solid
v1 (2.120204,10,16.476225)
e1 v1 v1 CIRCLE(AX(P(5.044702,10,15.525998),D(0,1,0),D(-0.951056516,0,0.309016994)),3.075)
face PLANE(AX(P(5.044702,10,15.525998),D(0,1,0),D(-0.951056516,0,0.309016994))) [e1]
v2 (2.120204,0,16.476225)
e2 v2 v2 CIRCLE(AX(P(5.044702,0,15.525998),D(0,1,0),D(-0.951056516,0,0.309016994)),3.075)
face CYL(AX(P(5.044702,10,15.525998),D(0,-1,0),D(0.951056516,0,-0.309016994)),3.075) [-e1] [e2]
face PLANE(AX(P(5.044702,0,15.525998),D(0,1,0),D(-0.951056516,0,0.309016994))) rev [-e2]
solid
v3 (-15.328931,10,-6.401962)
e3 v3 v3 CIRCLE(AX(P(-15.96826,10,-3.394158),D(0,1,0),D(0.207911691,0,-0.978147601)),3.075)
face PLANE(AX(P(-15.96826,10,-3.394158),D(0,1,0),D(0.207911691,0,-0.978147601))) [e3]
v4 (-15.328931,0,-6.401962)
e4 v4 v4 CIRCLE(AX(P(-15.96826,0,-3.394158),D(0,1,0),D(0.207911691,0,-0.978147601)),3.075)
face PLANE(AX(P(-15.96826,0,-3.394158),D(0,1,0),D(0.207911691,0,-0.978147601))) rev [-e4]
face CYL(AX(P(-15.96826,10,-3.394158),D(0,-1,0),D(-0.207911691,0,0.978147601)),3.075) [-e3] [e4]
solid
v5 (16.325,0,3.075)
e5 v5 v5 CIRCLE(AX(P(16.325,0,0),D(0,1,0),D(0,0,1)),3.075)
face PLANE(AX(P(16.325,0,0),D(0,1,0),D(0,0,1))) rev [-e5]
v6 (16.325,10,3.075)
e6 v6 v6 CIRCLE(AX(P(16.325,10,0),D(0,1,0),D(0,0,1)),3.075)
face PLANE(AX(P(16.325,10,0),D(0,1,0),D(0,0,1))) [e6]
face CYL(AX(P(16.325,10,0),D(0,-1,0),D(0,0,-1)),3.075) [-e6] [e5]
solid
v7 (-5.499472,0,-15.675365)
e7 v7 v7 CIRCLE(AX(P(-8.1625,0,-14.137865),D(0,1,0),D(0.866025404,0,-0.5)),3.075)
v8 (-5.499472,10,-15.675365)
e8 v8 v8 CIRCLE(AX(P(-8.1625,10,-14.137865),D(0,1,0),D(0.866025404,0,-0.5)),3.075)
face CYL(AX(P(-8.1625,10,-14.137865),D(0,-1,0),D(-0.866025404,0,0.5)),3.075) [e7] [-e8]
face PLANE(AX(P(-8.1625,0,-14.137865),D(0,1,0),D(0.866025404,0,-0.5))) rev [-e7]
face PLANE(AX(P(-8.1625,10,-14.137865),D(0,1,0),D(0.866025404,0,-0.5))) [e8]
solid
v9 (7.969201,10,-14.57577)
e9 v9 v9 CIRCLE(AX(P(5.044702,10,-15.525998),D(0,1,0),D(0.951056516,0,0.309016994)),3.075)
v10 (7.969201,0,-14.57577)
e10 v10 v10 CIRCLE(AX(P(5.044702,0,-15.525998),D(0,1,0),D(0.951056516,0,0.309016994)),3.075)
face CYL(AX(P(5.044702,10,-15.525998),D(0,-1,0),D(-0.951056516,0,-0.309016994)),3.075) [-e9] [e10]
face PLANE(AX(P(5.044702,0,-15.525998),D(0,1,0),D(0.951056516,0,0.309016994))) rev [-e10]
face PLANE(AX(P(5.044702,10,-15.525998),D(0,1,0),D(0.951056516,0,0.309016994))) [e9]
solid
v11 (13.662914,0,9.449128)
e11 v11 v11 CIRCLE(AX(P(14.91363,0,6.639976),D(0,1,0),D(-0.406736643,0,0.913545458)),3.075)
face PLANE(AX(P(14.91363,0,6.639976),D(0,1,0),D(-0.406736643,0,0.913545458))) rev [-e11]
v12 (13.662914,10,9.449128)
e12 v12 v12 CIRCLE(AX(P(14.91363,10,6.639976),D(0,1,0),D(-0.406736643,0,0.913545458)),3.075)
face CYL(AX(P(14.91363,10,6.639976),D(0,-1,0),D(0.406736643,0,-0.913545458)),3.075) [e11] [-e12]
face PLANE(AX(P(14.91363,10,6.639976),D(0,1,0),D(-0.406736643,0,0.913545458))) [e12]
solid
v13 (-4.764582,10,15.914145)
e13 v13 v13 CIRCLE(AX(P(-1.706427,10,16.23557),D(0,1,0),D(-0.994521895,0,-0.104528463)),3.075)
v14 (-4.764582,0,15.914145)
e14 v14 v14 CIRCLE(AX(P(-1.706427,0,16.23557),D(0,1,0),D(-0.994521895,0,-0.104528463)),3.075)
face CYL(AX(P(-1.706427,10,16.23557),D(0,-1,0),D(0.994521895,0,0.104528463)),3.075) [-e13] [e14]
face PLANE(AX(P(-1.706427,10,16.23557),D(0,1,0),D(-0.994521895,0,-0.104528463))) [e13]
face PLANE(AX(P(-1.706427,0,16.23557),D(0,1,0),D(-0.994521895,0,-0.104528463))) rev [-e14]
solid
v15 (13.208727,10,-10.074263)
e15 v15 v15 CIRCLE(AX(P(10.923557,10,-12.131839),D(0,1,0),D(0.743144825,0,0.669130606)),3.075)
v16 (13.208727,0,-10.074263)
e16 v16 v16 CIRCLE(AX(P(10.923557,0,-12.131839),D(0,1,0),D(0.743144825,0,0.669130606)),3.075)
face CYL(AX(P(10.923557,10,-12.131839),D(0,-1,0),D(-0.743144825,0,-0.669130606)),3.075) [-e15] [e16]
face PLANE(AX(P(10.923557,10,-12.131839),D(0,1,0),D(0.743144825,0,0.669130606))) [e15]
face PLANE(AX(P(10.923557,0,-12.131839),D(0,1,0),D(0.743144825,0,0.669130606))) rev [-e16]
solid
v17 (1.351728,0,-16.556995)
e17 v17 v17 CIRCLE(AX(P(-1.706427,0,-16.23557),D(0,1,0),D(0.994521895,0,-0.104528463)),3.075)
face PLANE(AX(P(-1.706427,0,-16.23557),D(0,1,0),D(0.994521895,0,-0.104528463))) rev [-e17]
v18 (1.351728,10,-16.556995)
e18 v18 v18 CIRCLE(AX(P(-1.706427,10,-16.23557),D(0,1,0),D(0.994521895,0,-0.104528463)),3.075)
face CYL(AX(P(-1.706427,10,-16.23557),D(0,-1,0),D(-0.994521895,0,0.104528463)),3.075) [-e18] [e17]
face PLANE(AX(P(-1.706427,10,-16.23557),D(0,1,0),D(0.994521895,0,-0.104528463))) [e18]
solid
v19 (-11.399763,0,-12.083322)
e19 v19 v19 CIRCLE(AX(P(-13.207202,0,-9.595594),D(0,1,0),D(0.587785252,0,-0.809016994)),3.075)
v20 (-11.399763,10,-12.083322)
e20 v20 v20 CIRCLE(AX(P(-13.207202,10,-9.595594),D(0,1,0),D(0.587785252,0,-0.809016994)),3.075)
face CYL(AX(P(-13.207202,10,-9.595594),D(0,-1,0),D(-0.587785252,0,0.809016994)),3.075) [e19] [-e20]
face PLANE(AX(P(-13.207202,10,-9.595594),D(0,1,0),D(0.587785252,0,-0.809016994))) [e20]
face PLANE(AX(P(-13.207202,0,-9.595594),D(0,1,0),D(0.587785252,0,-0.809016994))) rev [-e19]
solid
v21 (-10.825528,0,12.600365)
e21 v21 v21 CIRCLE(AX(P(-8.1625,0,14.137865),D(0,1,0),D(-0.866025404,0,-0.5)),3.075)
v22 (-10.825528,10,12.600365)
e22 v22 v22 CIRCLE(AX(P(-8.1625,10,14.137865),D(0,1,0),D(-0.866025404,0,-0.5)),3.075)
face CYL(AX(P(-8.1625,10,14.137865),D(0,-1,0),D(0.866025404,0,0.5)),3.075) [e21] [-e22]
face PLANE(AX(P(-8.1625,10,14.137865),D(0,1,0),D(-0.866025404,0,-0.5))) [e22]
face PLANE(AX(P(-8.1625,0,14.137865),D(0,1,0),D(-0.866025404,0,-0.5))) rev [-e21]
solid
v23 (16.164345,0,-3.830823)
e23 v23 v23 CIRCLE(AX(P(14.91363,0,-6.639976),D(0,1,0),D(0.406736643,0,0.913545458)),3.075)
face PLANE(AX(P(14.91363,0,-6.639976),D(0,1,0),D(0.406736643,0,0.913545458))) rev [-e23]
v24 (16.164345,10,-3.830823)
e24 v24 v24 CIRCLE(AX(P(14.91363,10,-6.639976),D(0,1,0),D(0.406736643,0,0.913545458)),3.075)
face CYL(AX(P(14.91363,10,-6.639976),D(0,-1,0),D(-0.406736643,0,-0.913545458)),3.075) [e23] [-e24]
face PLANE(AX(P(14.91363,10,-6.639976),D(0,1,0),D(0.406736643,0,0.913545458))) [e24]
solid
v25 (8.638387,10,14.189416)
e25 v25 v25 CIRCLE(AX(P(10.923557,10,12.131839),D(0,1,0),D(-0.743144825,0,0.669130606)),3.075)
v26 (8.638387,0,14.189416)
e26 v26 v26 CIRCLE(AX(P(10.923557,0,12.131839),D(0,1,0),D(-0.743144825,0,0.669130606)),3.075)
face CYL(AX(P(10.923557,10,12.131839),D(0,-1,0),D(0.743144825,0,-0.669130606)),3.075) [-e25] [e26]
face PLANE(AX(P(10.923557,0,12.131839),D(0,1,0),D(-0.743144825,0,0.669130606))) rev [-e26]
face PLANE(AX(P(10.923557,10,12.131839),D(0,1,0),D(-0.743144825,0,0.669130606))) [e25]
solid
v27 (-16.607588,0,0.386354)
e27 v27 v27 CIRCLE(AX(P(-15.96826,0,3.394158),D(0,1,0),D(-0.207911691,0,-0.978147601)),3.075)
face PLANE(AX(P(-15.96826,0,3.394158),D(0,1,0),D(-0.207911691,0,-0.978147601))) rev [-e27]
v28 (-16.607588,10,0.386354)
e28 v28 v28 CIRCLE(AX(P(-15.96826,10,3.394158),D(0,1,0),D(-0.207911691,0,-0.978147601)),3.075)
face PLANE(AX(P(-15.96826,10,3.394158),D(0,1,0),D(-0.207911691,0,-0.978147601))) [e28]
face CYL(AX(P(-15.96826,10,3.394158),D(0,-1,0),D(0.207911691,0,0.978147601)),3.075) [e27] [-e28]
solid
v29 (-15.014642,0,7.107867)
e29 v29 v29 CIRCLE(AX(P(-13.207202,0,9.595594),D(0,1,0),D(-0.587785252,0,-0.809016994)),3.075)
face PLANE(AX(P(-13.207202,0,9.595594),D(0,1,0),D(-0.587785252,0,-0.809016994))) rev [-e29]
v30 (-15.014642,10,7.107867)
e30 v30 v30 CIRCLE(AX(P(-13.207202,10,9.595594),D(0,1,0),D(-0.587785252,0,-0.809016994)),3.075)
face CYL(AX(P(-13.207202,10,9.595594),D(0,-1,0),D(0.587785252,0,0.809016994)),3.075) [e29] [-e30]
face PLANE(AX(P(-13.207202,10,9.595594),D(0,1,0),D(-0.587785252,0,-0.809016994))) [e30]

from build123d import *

# Parameters (mm, degrees)
SKETCH1_R           = 3.075
BOSS_EXTRUDE1_DEPTH = 10
CIRPATTERN1_COUNT   = 15


with BuildPart() as part:
    # Sketch1 → Boss-Extrude1 (new body)
    with BuildSketch(Plane(origin=(0, 0, 0), x_dir=(1, 0, 0), z_dir=(0, 1, 0))):
        with Locations((16.325, 0)):
            Circle(SKETCH1_R)
    extrude(amount=BOSS_EXTRUDE1_DEPTH)


with BuildPart() as cirpattern1_1:
    # CirPattern1: pattern copy
    add(part.part.rotate(Axis((0, 0, 0), (0, 1, 0)), 1 * 360 / CIRPATTERN1_COUNT))


with BuildPart() as cirpattern1_2:
    # CirPattern1: pattern copy
    add(part.part.rotate(Axis((0, 0, 0), (0, 1, 0)), 2 * 360 / CIRPATTERN1_COUNT))


with BuildPart() as cirpattern1_3:
    # CirPattern1: pattern copy
    add(part.part.rotate(Axis((0, 0, 0), (0, 1, 0)), 3 * 360 / CIRPATTERN1_COUNT))


with BuildPart() as cirpattern1_4:
    # CirPattern1: pattern copy
    add(part.part.rotate(Axis((0, 0, 0), (0, 1, 0)), 4 * 360 / CIRPATTERN1_COUNT))


with BuildPart() as cirpattern1_5:
    # CirPattern1: pattern copy
    add(part.part.rotate(Axis((0, 0, 0), (0, 1, 0)), 5 * 360 / CIRPATTERN1_COUNT))


with BuildPart() as cirpattern1_6:
    # CirPattern1: pattern copy
    add(part.part.rotate(Axis((0, 0, 0), (0, 1, 0)), 6 * 360 / CIRPATTERN1_COUNT))


with BuildPart() as cirpattern1_7:
    # CirPattern1: pattern copy
    add(part.part.rotate(Axis((0, 0, 0), (0, 1, 0)), 7 * 360 / CIRPATTERN1_COUNT))


with BuildPart() as cirpattern1_8:
    # CirPattern1: pattern copy
    add(part.part.rotate(Axis((0, 0, 0), (0, 1, 0)), 8 * 360 / CIRPATTERN1_COUNT))


with BuildPart() as cirpattern1_9:
    # CirPattern1: pattern copy
    add(part.part.rotate(Axis((0, 0, 0), (0, 1, 0)), 9 * 360 / CIRPATTERN1_COUNT))


with BuildPart() as cirpattern1_10:
    # CirPattern1: pattern copy
    add(part.part.rotate(Axis((0, 0, 0), (0, 1, 0)), 10 * 360 / CIRPATTERN1_COUNT))


with BuildPart() as cirpattern1_11:
    # CirPattern1: pattern copy
    add(part.part.rotate(Axis((0, 0, 0), (0, 1, 0)), 11 * 360 / CIRPATTERN1_COUNT))


with BuildPart() as cirpattern1_12:
    # CirPattern1: pattern copy
    add(part.part.rotate(Axis((0, 0, 0), (0, 1, 0)), 12 * 360 / CIRPATTERN1_COUNT))


with BuildPart() as cirpattern1_13:
    # CirPattern1: pattern copy
    add(part.part.rotate(Axis((0, 0, 0), (0, 1, 0)), 13 * 360 / CIRPATTERN1_COUNT))


with BuildPart() as cirpattern1_14:
    # CirPattern1: pattern copy
    add(part.part.rotate(Axis((0, 0, 0), (0, 1, 0)), 14 * 360 / CIRPATTERN1_COUNT))


solid = Compound([part.part, cirpattern1_1.part, cirpattern1_2.part, cirpattern1_3.part, cirpattern1_4.part, cirpattern1_5.part, cirpattern1_6.part, cirpattern1_7.part, cirpattern1_8.part, cirpattern1_9.part, cirpattern1_10.part, cirpattern1_11.part, cirpattern1_12.part, cirpattern1_13.part, cirpattern1_14.part])
